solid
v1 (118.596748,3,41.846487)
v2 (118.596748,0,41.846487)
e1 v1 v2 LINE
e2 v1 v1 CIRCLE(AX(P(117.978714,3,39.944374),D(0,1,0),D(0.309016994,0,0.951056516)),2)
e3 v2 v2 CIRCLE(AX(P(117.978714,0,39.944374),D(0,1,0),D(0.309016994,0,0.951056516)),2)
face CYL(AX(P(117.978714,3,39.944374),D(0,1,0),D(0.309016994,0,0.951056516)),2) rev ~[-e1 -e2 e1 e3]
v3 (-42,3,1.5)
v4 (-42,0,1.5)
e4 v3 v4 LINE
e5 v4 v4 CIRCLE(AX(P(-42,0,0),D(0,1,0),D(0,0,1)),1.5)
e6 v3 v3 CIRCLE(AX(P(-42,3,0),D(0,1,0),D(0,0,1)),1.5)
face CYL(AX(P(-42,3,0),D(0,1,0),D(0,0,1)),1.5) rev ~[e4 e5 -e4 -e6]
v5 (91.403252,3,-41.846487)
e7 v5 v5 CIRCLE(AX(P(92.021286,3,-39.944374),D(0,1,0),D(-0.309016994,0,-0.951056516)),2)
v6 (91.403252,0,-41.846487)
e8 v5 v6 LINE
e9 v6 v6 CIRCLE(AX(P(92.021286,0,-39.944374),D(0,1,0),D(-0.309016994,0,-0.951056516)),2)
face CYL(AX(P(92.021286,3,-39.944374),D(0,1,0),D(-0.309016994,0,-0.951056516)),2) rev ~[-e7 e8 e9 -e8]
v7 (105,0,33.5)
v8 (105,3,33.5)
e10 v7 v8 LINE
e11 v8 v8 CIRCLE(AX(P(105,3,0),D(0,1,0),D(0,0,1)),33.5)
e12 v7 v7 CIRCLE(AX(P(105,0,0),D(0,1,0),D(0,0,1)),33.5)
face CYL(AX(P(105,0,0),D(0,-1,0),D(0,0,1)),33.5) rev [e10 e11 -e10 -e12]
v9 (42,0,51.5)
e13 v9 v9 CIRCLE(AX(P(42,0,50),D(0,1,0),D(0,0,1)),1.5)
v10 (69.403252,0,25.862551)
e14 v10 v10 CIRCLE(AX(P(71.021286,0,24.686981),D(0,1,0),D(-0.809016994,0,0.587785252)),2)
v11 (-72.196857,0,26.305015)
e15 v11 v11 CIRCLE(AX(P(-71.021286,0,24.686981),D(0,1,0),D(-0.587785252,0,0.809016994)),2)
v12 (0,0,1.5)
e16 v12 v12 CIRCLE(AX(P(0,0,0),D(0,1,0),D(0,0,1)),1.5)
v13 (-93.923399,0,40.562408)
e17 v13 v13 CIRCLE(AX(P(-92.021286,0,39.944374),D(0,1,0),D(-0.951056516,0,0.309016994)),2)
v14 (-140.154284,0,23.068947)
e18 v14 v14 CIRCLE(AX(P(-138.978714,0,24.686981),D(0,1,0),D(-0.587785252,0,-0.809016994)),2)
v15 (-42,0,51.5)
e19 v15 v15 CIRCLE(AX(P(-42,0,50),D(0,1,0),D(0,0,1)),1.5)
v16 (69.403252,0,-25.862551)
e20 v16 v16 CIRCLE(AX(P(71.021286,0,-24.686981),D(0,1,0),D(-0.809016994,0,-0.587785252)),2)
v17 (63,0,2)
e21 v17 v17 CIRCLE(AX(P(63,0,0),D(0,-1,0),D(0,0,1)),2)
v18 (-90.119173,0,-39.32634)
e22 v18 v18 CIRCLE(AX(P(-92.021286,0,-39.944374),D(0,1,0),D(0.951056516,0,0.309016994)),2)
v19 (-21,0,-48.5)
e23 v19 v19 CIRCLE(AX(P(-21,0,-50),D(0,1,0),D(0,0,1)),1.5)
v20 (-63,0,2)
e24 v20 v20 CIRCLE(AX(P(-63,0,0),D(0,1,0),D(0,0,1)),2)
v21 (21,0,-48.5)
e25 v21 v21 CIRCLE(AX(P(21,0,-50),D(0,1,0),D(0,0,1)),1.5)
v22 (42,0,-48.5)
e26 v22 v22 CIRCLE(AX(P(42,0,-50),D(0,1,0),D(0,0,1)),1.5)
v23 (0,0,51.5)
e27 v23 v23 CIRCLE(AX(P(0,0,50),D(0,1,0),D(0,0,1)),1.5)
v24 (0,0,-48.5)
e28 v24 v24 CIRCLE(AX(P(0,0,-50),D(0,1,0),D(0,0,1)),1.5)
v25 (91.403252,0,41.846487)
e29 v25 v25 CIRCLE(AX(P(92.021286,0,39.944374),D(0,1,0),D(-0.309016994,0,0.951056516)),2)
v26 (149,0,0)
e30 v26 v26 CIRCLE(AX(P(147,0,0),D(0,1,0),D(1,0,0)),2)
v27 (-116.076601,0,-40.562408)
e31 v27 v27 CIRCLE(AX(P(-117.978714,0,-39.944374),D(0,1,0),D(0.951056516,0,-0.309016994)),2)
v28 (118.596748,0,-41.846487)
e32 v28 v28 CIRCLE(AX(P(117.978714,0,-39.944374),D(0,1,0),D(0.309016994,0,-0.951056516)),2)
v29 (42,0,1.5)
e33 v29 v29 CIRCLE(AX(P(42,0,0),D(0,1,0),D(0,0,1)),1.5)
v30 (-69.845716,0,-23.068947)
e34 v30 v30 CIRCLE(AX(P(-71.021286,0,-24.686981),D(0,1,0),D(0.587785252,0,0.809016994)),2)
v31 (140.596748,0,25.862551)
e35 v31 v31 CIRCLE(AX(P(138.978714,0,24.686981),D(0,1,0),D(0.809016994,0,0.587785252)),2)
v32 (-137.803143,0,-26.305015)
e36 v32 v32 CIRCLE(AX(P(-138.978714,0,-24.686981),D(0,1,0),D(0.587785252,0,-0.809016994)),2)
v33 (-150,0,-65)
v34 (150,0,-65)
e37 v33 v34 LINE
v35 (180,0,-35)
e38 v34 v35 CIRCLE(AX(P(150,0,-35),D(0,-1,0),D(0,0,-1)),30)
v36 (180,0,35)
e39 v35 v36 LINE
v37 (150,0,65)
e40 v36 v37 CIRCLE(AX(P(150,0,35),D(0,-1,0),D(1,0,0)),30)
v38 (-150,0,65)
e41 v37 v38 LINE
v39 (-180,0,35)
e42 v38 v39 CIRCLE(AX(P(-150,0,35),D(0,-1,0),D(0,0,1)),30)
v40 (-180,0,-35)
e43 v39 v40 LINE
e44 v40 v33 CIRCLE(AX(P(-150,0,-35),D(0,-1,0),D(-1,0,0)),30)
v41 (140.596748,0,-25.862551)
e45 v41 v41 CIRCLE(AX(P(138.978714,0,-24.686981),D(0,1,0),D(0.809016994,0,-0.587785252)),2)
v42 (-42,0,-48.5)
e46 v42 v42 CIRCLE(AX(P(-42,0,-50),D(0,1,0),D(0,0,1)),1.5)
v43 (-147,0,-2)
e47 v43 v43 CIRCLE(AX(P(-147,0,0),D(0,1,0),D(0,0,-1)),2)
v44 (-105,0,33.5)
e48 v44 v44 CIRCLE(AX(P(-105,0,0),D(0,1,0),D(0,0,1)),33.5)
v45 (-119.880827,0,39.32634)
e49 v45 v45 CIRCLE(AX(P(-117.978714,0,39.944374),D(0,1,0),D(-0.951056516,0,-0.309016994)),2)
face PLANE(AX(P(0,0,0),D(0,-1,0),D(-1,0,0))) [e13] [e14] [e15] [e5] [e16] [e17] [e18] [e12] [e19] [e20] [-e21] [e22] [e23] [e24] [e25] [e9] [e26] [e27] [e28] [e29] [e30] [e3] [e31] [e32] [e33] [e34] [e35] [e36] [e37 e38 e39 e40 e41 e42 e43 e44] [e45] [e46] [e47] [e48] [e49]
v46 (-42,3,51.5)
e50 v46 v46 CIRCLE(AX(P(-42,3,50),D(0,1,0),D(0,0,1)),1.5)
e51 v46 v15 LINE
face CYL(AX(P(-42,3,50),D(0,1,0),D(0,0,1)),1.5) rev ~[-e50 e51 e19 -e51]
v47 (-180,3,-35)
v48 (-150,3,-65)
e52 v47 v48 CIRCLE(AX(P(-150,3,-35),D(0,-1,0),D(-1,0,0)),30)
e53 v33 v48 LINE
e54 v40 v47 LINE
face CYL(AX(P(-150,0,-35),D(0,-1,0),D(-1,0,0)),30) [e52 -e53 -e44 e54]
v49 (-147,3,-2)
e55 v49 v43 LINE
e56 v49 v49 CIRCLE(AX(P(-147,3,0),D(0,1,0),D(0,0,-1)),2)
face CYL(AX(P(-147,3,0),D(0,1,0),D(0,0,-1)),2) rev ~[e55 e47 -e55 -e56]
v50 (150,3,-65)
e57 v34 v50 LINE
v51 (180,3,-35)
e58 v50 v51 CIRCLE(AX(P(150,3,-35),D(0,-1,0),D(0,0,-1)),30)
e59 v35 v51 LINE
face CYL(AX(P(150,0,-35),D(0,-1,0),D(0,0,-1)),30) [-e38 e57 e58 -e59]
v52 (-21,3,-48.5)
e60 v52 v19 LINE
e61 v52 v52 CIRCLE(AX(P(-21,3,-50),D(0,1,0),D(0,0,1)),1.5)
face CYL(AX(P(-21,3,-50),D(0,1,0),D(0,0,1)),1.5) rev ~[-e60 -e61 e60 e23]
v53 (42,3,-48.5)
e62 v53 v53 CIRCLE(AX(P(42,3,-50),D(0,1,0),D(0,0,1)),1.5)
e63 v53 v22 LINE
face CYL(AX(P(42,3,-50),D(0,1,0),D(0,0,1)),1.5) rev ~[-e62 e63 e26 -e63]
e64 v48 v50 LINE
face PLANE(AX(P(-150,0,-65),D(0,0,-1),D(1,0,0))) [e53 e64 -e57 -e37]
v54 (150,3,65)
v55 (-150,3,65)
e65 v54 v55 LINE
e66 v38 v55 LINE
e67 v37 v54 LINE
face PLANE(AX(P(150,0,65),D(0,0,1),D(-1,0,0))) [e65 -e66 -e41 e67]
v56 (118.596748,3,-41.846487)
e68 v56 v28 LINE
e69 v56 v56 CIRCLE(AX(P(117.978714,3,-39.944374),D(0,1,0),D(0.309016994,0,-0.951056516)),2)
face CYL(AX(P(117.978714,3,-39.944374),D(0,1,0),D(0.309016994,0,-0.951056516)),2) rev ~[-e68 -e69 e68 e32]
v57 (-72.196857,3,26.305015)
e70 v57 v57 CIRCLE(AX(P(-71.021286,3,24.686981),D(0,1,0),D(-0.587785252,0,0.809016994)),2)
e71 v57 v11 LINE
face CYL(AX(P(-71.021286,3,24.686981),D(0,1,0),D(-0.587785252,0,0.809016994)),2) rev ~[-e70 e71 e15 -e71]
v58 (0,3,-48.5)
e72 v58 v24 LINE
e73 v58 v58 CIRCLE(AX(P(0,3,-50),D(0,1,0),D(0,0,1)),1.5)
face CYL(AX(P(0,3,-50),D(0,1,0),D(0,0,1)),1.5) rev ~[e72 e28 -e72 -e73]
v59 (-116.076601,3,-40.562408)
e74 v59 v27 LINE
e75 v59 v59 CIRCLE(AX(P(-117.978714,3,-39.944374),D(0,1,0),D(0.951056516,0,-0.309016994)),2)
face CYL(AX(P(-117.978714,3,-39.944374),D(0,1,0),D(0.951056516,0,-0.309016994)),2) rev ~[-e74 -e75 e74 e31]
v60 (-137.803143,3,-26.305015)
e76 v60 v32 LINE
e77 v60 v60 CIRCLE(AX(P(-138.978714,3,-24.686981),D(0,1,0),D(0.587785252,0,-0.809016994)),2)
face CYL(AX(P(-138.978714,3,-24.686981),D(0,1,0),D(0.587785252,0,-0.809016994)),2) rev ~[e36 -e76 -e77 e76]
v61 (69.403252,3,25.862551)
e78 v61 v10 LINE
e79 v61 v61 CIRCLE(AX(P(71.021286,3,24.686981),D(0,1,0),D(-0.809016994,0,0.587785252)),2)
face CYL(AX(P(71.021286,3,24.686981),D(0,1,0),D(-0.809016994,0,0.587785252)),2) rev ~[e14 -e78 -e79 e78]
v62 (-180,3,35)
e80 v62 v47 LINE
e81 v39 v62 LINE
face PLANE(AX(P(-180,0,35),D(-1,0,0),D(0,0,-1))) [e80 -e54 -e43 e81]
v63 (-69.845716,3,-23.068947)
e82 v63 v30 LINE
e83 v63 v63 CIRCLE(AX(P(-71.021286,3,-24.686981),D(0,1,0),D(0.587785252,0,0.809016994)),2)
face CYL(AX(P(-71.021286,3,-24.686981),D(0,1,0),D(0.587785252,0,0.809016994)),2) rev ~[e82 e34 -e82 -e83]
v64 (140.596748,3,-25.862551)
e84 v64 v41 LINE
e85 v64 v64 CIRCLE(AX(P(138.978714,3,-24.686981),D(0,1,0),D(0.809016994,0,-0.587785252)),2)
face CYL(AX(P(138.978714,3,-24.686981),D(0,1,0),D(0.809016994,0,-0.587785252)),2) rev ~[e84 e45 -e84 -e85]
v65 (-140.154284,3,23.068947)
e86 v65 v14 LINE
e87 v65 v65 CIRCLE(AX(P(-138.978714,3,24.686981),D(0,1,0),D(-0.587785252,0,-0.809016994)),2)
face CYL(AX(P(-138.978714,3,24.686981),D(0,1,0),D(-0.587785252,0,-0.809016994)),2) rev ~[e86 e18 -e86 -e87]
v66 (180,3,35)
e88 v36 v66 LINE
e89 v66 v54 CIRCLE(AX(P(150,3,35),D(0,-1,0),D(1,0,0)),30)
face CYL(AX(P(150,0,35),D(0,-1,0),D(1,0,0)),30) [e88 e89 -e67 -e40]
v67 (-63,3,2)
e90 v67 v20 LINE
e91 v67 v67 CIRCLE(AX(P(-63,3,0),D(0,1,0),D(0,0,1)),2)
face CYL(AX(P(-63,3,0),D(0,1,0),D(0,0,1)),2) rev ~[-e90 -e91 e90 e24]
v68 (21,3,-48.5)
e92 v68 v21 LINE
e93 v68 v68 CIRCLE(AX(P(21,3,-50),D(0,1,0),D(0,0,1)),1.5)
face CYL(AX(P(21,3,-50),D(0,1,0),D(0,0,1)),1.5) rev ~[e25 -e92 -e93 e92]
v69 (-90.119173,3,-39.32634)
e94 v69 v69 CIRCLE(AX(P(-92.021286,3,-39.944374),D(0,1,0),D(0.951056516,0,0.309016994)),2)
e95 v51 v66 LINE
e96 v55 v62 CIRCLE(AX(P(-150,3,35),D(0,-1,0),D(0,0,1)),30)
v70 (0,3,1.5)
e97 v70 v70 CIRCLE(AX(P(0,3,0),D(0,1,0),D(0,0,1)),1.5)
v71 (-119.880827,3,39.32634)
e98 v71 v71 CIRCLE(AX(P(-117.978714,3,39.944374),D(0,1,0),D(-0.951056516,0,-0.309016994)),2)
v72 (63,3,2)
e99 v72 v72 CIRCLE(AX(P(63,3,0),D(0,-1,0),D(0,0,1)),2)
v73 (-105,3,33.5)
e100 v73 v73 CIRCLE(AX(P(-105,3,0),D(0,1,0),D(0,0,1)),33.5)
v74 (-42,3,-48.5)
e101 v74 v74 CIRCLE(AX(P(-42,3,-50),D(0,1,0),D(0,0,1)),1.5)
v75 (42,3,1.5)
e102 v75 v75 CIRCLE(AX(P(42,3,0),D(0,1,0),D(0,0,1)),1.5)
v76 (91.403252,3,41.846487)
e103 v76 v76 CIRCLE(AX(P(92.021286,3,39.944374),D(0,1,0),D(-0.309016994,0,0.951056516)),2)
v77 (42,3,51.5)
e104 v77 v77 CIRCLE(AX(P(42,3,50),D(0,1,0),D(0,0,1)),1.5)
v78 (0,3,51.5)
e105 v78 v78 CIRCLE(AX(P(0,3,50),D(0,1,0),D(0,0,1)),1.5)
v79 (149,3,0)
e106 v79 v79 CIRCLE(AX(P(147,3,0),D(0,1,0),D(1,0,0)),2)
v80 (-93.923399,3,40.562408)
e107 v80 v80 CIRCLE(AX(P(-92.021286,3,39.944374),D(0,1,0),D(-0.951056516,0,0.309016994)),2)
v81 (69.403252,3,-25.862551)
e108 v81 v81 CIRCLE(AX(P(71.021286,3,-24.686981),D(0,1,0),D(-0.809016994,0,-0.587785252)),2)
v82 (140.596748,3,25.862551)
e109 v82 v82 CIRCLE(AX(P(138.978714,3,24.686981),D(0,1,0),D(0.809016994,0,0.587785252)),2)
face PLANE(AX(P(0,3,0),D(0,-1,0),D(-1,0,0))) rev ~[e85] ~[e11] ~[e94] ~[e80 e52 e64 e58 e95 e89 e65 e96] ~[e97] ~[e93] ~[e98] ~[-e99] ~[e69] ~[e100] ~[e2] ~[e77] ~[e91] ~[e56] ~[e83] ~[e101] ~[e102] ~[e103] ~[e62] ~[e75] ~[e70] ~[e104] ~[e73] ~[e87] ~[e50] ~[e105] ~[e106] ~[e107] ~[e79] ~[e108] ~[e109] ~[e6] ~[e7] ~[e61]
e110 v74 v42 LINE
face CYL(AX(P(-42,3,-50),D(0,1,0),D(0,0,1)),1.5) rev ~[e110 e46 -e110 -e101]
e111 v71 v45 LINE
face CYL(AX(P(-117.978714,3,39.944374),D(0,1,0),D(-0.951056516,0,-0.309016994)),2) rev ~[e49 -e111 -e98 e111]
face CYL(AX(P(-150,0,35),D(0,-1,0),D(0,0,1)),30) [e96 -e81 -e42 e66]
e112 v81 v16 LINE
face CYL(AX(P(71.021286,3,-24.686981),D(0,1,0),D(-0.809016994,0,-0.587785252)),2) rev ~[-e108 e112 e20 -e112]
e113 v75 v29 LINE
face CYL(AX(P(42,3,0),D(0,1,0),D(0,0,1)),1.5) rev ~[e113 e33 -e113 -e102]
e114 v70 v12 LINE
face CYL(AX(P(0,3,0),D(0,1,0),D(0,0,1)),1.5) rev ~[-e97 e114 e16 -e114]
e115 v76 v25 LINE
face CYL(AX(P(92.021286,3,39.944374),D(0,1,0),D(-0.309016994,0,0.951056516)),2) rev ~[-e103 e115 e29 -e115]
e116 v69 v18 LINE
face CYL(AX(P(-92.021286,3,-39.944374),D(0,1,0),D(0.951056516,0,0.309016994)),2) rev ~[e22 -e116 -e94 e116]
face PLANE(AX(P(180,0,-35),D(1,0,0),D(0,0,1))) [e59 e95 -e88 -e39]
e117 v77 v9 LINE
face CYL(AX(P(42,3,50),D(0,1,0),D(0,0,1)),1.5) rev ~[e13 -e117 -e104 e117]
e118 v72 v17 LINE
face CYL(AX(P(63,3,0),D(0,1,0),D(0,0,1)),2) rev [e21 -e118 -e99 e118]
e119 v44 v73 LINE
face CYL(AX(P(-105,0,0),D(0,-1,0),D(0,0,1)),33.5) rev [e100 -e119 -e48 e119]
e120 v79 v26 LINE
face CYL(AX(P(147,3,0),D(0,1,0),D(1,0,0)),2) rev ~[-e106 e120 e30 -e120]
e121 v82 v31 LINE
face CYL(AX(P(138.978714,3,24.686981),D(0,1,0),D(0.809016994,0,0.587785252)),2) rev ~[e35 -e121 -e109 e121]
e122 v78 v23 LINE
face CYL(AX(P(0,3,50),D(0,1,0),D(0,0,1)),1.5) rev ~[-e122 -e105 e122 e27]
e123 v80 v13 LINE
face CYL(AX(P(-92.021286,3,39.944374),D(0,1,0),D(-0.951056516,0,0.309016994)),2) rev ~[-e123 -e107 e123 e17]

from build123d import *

# Parameters (mm, degrees)
SKETCH_1_R               = 33.5
EXTRUDE_1_DEPTH          = 3
CUT_EXTRUDE_1_REACH      = 193.4
SKETCH_3_R               = 2
PATTERN_CIRCULAR_1_COUNT = 10
MIRROR_1_COPY_1_REACH    = 193.4
MIRROR_1_COPY_1_SKETCH_R = 2
MIRROR_1_COPY_2_REACH    = 193.4
MIRROR_1_COPY_2_SKETCH_R = 2
MIRROR_1_COPY_3_REACH    = 193.4
MIRROR_1_COPY_3_SKETCH_R = 2
MIRROR_1_COPY_4_REACH    = 193.4
MIRROR_1_COPY_4_SKETCH_R = 2
MIRROR_1_COPY_5_REACH    = 193.4
MIRROR_1_COPY_5_SKETCH_R = 2
MIRROR_1_COPY_6_REACH    = 193.4
MIRROR_1_COPY_6_SKETCH_R = 2
MIRROR_1_COPY_7_REACH    = 193.4
MIRROR_1_COPY_7_SKETCH_R = 2
MIRROR_1_COPY_8_REACH    = 193.4
MIRROR_1_COPY_8_SKETCH_R = 2
MIRROR_1_COPY_9_REACH    = 193.4
MIRROR_1_COPY_9_SKETCH_R = 2
CUT_EXTRUDE_2_REACH      = 193.4
SKETCH_4_R               = 1.5
PATTERN_LINEAR_1_COUNT   = 5
PATTERN_LINEAR_1_PITCH   = 21
CUT_EXTRUDE_3_REACH      = 193.4
SKETCH_5_R               = 1.5
PATTERN_LINEAR_2_COUNT   = 2
PATTERN_LINEAR_2_PITCH   = 50


with BuildPart() as part:
    # 草圖1 → 填料-伸長1 (new body)
    with BuildSketch(Plane(origin=(0, 0, 0), x_dir=(1, 0, 0), z_dir=(0, 1, 0))):
        with BuildLine():
            Line((-150, 65), (150, 65))
            ThreePointArc((150, 65), (171.213203436, 56.213203436), (180, 35))
            Line((180, 35), (180, -35))
            ThreePointArc((180, -35), (171.213203436, -56.213203436), (150, -65))
            Line((150, -65), (-150, -65))
            ThreePointArc((-150, -65), (-171.213203436, -56.213203436), (-180, -35))
            Line((-180, -35), (-180, 35))
            ThreePointArc((-180, 35), (-171.213203436, 56.213203436), (-150, 65))
        make_face()
        with Locations(Location((105, 0, 0), (0, 0, 270))):
            Circle(SKETCH_1_R, mode=Mode.SUBTRACT)
        with Locations(Location((-105, 0, 0), (0, 0, 270))):
            Circle(SKETCH_1_R, mode=Mode.SUBTRACT)
    extrude(amount=EXTRUDE_1_DEPTH)

    # 草圖3 → 除料-伸長1 (cut, up to next)
    with BuildSketch(Plane(origin=(0, 3, 0), x_dir=(1, 0, 0), z_dir=(0, 1, 0)), mode=Mode.PRIVATE) as cut_extrude_1_sk1:
        with Locations(Location((-63, 0, 0), (0, 0, 270))):
            Circle(SKETCH_3_R)
    cut_extrude_1_tool1 = extrude(cut_extrude_1_sk1.sketch, amount=-CUT_EXTRUDE_1_REACH, mode=Mode.PRIVATE) & part.part
    cut_extrude_1 = cut_extrude_1_tool1.solids().sort_by_distance((-63, 3, 0))[0]
    add(cut_extrude_1, mode=Mode.SUBTRACT)

    # 環狀複製排列1: 除料-伸長1 ×10 about axis
    pattern_circular_1_axis = Axis((-105, 0, 0), (0, 1, 0))
    for i in range(1, PATTERN_CIRCULAR_1_COUNT):
        add(cut_extrude_1.rotate(pattern_circular_1_axis, i * 360 / PATTERN_CIRCULAR_1_COUNT), mode=Mode.SUBTRACT)

    # 鏡射1: 除料-伸長1 across plane
    add(cut_extrude_1.mirror(Plane(origin=(0, 0, 0), x_dir=(0, 0, 1), z_dir=(1, 0, 0))), mode=Mode.SUBTRACT)

    # 鏡射1 copy 1 sketch → 鏡射1 copy 1 (cut, up to next)
    with BuildSketch(Plane(origin=(20.053215591, 3, -61.717451491), x_dir=(-0.8090169943749475, 0, -0.5877852522924731), z_dir=(0, 1, 0)), mode=Mode.PRIVATE) as mirror_1_copy_1_sk1:
        with Locations((-63, 0)):
            Circle(MIRROR_1_COPY_1_SKETCH_R)
    mirror_1_copy_1_tool1 = extrude(mirror_1_copy_1_sk1.sketch, amount=-MIRROR_1_COPY_1_REACH, mode=Mode.PRIVATE) & part.part
    add(mirror_1_copy_1_tool1.solids().sort_by_distance((71.021286236, 3, -24.686980596))[0], mode=Mode.SUBTRACT)

    # 鏡射1 copy 2 sketch → 鏡射1 copy 2 (cut, up to next)
    with BuildSketch(Plane(origin=(72.553215591, 3, -99.860934211), x_dir=(-0.30901699437494745, 0, -0.9510565162951535), z_dir=(0, 1, 0)), mode=Mode.PRIVATE) as mirror_1_copy_2_sk1:
        with Locations((-63, 0)):
            Circle(MIRROR_1_COPY_2_SKETCH_R)
    mirror_1_copy_2_tool1 = extrude(mirror_1_copy_2_sk1.sketch, amount=-MIRROR_1_COPY_2_REACH, mode=Mode.PRIVATE) & part.part
    add(mirror_1_copy_2_tool1.solids().sort_by_distance((92.021286236, 3, -39.944373684))[0], mode=Mode.SUBTRACT)

    # 鏡射1 copy 3 sketch → 鏡射1 copy 3 (cut, up to next)
    with BuildSketch(Plane(origin=(137.446784409, 3, -99.860934211), x_dir=(0.30901699437494734, 0, -0.9510565162951536), z_dir=(0, 1, 0)), mode=Mode.PRIVATE) as mirror_1_copy_3_sk1:
        with Locations((-63, 0)):
            Circle(MIRROR_1_COPY_3_SKETCH_R)
    mirror_1_copy_3_tool1 = extrude(mirror_1_copy_3_sk1.sketch, amount=-MIRROR_1_COPY_3_REACH, mode=Mode.PRIVATE) & part.part
    add(mirror_1_copy_3_tool1.solids().sort_by_distance((117.978713764, 3, -39.944373684))[0], mode=Mode.SUBTRACT)

    # 鏡射1 copy 4 sketch → 鏡射1 copy 4 (cut, up to next)
    with BuildSketch(Plane(origin=(189.946784409, 3, -61.717451491), x_dir=(0.8090169943749473, 0, -0.5877852522924732), z_dir=(0, 1, 0)), mode=Mode.PRIVATE) as mirror_1_copy_4_sk1:
        with Locations((-63, 0)):
            Circle(MIRROR_1_COPY_4_SKETCH_R)
    mirror_1_copy_4_tool1 = extrude(mirror_1_copy_4_sk1.sketch, amount=-MIRROR_1_COPY_4_REACH, mode=Mode.PRIVATE) & part.part
    add(mirror_1_copy_4_tool1.solids().sort_by_distance((138.978713764, 3, -24.686980596))[0], mode=Mode.SUBTRACT)

    # 鏡射1 copy 5 sketch → 鏡射1 copy 5 (cut, up to next)
    with BuildSketch(Plane(origin=(210, 3, 0), x_dir=(1, 0, 0), z_dir=(0, 1, 0)), mode=Mode.PRIVATE) as mirror_1_copy_5_sk1:
        with Locations((-63, 0)):
            Circle(MIRROR_1_COPY_5_SKETCH_R)
    mirror_1_copy_5_tool1 = extrude(mirror_1_copy_5_sk1.sketch, amount=-MIRROR_1_COPY_5_REACH, mode=Mode.PRIVATE) & part.part
    add(mirror_1_copy_5_tool1.solids().sort_by_distance((147, 3, 0))[0], mode=Mode.SUBTRACT)

    # 鏡射1 copy 6 sketch → 鏡射1 copy 6 (cut, up to next)
    with BuildSketch(Plane(origin=(189.946784409, 3, 61.717451491), x_dir=(0.8090169943749476, 0, 0.587785252292473), z_dir=(0, 1, 0)), mode=Mode.PRIVATE) as mirror_1_copy_6_sk1:
        with Locations((-63, 0)):
            Circle(MIRROR_1_COPY_6_SKETCH_R)
    mirror_1_copy_6_tool1 = extrude(mirror_1_copy_6_sk1.sketch, amount=-MIRROR_1_COPY_6_REACH, mode=Mode.PRIVATE) & part.part
    add(mirror_1_copy_6_tool1.solids().sort_by_distance((138.978713764, 3, 24.686980596))[0], mode=Mode.SUBTRACT)

    # 鏡射1 copy 7 sketch → 鏡射1 copy 7 (cut, up to next)
    with BuildSketch(Plane(origin=(137.446784409, 3, 99.860934211), x_dir=(0.30901699437494756, 0, 0.9510565162951535), z_dir=(0, 1, 0)), mode=Mode.PRIVATE) as mirror_1_copy_7_sk1:
        with Locations((-63, 0)):
            Circle(MIRROR_1_COPY_7_SKETCH_R)
    mirror_1_copy_7_tool1 = extrude(mirror_1_copy_7_sk1.sketch, amount=-MIRROR_1_COPY_7_REACH, mode=Mode.PRIVATE) & part.part
    add(mirror_1_copy_7_tool1.solids().sort_by_distance((117.978713764, 3, 39.944373684))[0], mode=Mode.SUBTRACT)

    # 鏡射1 copy 8 sketch → 鏡射1 copy 8 (cut, up to next)
    with BuildSketch(Plane(origin=(72.553215591, 3, 99.860934211), x_dir=(-0.30901699437494723, 0, 0.9510565162951536), z_dir=(0, 1, 0)), mode=Mode.PRIVATE) as mirror_1_copy_8_sk1:
        with Locations((-63, 0)):
            Circle(MIRROR_1_COPY_8_SKETCH_R)
    mirror_1_copy_8_tool1 = extrude(mirror_1_copy_8_sk1.sketch, amount=-MIRROR_1_COPY_8_REACH, mode=Mode.PRIVATE) & part.part
    add(mirror_1_copy_8_tool1.solids().sort_by_distance((92.021286236, 3, 39.944373684))[0], mode=Mode.SUBTRACT)

    # 鏡射1 copy 9 sketch → 鏡射1 copy 9 (cut, up to next)
    with BuildSketch(Plane(origin=(20.053215591, 3, 61.717451491), x_dir=(-0.8090169943749473, 0, 0.5877852522924734), z_dir=(0, 1, 0)), mode=Mode.PRIVATE) as mirror_1_copy_9_sk1:
        with Locations((-63, 0)):
            Circle(MIRROR_1_COPY_9_SKETCH_R)
    mirror_1_copy_9_tool1 = extrude(mirror_1_copy_9_sk1.sketch, amount=-MIRROR_1_COPY_9_REACH, mode=Mode.PRIVATE) & part.part
    add(mirror_1_copy_9_tool1.solids().sort_by_distance((71.021286236, 3, 24.686980596))[0], mode=Mode.SUBTRACT)

    # 草圖4 → 除料-伸長2 (cut, up to next)
    with BuildSketch(Plane(origin=(0, 3, 0), x_dir=(1, 0, 0), z_dir=(0, 1, 0)), mode=Mode.PRIVATE) as cut_extrude_2_sk1:
        with Locations(Location((42, 50, 0), (0, 0, 270))):
            Circle(SKETCH_4_R)
    cut_extrude_2_tool1 = extrude(cut_extrude_2_sk1.sketch, amount=-CUT_EXTRUDE_2_REACH, mode=Mode.PRIVATE) & part.part
    cut_extrude_2 = cut_extrude_2_tool1.solids().sort_by_distance((42, 3, -50))[0]
    add(cut_extrude_2, mode=Mode.SUBTRACT)

    # 直線複製排列1: 除料-伸長2 ×5
    with Locations(*[(-i * PATTERN_LINEAR_1_PITCH, 0, 0) for i in range(1, PATTERN_LINEAR_1_COUNT)]):
        add(cut_extrude_2, mode=Mode.SUBTRACT)

    # 草圖5 → 除料-伸長3 (cut, up to next)
    with BuildSketch(Plane(origin=(0, 3, 0), x_dir=(1, 0, 0), z_dir=(0, 1, 0)), mode=Mode.PRIVATE) as cut_extrude_3_sk1:
        with Locations(Location((42, 0, 0), (0, 0, 270))):
            Circle(SKETCH_5_R)
    cut_extrude_3_tool1 = extrude(cut_extrude_3_sk1.sketch, amount=-CUT_EXTRUDE_3_REACH, mode=Mode.PRIVATE) & part.part
    # 草圖5 → 除料-伸長3 (cut, up to next)
    with BuildSketch(Plane(origin=(0, 3, 0), x_dir=(1, 0, 0), z_dir=(0, 1, 0)), mode=Mode.PRIVATE) as cut_extrude_3_sk2:
        with Locations(Location((0, 0, 0), (0, 0, 270))):
            Circle(SKETCH_5_R)
    cut_extrude_3_tool2 = extrude(cut_extrude_3_sk2.sketch, amount=-CUT_EXTRUDE_3_REACH, mode=Mode.PRIVATE) & part.part
    # 草圖5 → 除料-伸長3 (cut, up to next)
    with BuildSketch(Plane(origin=(0, 3, 0), x_dir=(1, 0, 0), z_dir=(0, 1, 0)), mode=Mode.PRIVATE) as cut_extrude_3_sk3:
        with Locations(Location((-42, 0, 0), (0, 0, 270))):
            Circle(SKETCH_5_R)
    cut_extrude_3_tool3 = extrude(cut_extrude_3_sk3.sketch, amount=-CUT_EXTRUDE_3_REACH, mode=Mode.PRIVATE) & part.part
    cut_extrude_3_1 = cut_extrude_3_tool1.solids().sort_by_distance((42, 3, 0))[0]
    add(cut_extrude_3_1, mode=Mode.SUBTRACT)
    cut_extrude_3_2 = cut_extrude_3_tool2.solids().sort_by_distance((0, 3, 0))[0]
    add(cut_extrude_3_2, mode=Mode.SUBTRACT)
    cut_extrude_3_3 = cut_extrude_3_tool3.solids().sort_by_distance((-42, 3, 0))[0]
    add(cut_extrude_3_3, mode=Mode.SUBTRACT)
    cut_extrude_3 = cut_extrude_3_1 + cut_extrude_3_2 + cut_extrude_3_3  # 除料-伸長3 as one shape, for the pattern or mirror that repeats it

    # 直線複製排列2: 除料-伸長3 ×2
    with Locations(*[(0, 0, i * PATTERN_LINEAR_2_PITCH) for i in range(1, PATTERN_LINEAR_2_COUNT)]):
        add(cut_extrude_3, mode=Mode.SUBTRACT)


solid = part.part
